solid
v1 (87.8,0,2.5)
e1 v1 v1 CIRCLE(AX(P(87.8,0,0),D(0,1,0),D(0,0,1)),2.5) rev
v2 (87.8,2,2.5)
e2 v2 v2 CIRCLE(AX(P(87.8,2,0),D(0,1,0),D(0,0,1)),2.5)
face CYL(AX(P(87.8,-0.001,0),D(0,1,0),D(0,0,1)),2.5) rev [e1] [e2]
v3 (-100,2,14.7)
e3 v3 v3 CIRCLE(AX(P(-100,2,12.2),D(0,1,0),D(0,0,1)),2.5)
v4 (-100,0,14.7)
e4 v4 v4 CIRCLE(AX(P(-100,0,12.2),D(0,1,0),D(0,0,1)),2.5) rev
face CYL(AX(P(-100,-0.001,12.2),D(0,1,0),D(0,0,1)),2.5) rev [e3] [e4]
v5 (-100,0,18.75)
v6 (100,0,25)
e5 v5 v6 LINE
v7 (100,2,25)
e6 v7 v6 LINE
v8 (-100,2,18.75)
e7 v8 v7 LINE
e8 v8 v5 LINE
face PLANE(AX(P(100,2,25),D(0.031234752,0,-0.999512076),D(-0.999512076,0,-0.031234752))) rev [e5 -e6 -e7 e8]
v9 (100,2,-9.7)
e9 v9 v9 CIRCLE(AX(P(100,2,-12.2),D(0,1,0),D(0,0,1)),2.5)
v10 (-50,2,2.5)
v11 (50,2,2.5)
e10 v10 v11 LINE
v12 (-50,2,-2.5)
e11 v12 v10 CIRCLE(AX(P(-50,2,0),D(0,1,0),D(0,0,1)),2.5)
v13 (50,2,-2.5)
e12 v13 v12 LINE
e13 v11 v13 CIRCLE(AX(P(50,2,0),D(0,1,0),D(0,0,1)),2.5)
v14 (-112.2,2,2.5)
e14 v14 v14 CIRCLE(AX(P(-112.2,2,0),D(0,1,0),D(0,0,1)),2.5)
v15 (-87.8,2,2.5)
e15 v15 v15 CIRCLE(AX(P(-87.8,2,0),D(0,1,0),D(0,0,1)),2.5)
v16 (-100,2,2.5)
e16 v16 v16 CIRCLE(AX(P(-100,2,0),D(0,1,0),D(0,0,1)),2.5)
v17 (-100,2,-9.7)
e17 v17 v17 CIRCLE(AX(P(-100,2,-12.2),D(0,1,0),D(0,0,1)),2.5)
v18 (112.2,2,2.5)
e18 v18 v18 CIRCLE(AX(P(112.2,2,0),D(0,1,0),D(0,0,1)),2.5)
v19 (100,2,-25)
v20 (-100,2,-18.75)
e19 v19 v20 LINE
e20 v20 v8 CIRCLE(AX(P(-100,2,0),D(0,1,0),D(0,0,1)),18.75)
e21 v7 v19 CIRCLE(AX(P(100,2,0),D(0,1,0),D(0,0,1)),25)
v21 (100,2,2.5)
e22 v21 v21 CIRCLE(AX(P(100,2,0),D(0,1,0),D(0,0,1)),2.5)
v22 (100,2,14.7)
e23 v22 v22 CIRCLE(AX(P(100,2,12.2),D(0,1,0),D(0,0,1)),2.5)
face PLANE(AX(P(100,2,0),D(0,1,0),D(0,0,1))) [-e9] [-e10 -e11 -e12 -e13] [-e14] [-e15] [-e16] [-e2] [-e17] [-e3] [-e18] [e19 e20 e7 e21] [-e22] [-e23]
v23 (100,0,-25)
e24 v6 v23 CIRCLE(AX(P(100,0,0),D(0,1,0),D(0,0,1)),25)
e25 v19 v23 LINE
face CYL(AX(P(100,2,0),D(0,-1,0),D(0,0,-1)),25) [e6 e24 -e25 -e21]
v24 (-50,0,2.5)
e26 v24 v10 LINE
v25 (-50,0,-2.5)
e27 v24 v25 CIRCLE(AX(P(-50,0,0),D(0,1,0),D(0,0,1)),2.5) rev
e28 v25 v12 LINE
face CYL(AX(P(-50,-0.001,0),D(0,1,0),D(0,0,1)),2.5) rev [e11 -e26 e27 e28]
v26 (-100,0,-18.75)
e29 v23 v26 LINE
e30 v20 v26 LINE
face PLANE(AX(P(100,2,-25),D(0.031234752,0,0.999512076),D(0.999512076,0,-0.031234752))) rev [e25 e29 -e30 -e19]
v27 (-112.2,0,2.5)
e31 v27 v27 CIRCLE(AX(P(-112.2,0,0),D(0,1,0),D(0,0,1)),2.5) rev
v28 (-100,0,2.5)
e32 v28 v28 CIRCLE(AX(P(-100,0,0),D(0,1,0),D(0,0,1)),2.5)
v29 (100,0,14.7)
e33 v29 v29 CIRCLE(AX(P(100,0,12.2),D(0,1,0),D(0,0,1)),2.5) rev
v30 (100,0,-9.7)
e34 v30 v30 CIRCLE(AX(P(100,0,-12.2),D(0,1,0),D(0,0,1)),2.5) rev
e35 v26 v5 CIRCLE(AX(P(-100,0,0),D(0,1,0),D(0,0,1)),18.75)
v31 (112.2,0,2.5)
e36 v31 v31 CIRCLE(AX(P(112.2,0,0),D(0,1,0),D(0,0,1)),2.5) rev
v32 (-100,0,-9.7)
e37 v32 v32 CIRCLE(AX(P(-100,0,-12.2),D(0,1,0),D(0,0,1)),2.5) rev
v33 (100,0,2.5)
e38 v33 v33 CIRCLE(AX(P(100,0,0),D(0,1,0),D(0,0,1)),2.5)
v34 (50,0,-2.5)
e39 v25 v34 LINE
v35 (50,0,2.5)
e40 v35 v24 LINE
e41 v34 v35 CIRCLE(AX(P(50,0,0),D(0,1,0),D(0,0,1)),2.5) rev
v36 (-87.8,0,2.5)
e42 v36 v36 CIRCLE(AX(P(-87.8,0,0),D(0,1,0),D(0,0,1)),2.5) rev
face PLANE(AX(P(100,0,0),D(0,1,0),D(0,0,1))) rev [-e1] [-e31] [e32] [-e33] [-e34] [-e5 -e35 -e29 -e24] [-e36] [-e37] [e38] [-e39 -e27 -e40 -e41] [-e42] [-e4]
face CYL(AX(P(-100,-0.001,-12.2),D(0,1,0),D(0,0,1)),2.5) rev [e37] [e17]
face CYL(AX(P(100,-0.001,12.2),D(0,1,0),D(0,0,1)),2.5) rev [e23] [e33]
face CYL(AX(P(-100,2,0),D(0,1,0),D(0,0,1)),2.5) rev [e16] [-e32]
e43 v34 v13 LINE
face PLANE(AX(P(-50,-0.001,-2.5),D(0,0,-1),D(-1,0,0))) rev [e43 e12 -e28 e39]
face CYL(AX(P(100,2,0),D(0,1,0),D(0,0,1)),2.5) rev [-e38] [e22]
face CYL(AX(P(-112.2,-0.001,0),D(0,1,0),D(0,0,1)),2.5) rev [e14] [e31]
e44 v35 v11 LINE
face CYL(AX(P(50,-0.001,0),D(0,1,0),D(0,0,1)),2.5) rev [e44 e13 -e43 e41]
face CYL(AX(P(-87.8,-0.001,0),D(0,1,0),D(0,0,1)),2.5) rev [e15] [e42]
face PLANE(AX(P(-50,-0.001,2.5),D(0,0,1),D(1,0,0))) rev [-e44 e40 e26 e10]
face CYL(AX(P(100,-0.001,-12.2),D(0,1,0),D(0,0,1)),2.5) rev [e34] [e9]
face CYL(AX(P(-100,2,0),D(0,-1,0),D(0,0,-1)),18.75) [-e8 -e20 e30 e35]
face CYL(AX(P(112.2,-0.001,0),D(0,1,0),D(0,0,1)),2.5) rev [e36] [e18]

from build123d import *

# Parameters (mm, degrees)
BOSS_EXTRUDE1_DEPTH       = 2
F_5_0MM_DOWEL_HOLE1_D     = 5
F_5_0MM_DOWEL_HOLE1_DEPTH = 2
CUT_EXTRUDE1_REACH        = 4
SKETCH4_R                 = 2.5
CUT_EXTRUDE2_REACH        = 4


with BuildPart() as part:
    # Sketch2 → Boss-Extrude1 (new body)
    with BuildSketch(Plane(origin=(0, 0, 0), x_dir=(1, 0, 0), z_dir=(0, 1, 0))):
        with BuildLine():
            Line((100, 25), (-100, 18.75))
            ThreePointArc((-100, 18.75), (-118.75, 0), (-100, -18.75))
            Line((-100, -18.75), (100, -25))
            ThreePointArc((100, -25), (125, 0), (100, 25))
        make_face()
    extrude(amount=BOSS_EXTRUDE1_DEPTH)

    # Ø5.0mm Dowel Hole1
    with Locations(Plane(origin=(0, 2, 0), x_dir=(1, 0, 0), z_dir=(0, 1, 0))):
        with Locations((100, 0), (-100, 0)):
            Hole(F_5_0MM_DOWEL_HOLE1_D / 2, depth=F_5_0MM_DOWEL_HOLE1_DEPTH)

    # Sketch4 → Cut-Extrude1 (cut, up to next)
    with BuildSketch(Plane(origin=(0, 2, 0), x_dir=(1, 0, 0), z_dir=(0, 1, 0)), mode=Mode.PRIVATE) as cut_extrude1_sk1:
        with Locations((100, 12.2)):
            Circle(SKETCH4_R)
    cut_extrude1_tool1 = extrude(cut_extrude1_sk1.sketch, amount=-CUT_EXTRUDE1_REACH, mode=Mode.PRIVATE) & part.part
    add(cut_extrude1_tool1.solids().sort_by_distance((100, 2, -12.2))[0], mode=Mode.SUBTRACT)
    # Sketch4 → Cut-Extrude1 (cut, up to next)
    with BuildSketch(Plane(origin=(0, 2, 0), x_dir=(1, 0, 0), z_dir=(0, 1, 0)), mode=Mode.PRIVATE) as cut_extrude1_sk2:
        with Locations((100, -12.2)):
            Circle(SKETCH4_R)
    cut_extrude1_tool2 = extrude(cut_extrude1_sk2.sketch, amount=-CUT_EXTRUDE1_REACH, mode=Mode.PRIVATE) & part.part
    add(cut_extrude1_tool2.solids().sort_by_distance((100, 2, 12.2))[0], mode=Mode.SUBTRACT)
    # Sketch4 → Cut-Extrude1 (cut, up to next)
    with BuildSketch(Plane(origin=(0, 2, 0), x_dir=(1, 0, 0), z_dir=(0, 1, 0)), mode=Mode.PRIVATE) as cut_extrude1_sk3:
        with Locations((112.2, 0)):
            Circle(SKETCH4_R)
    cut_extrude1_tool3 = extrude(cut_extrude1_sk3.sketch, amount=-CUT_EXTRUDE1_REACH, mode=Mode.PRIVATE) & part.part
    add(cut_extrude1_tool3.solids().sort_by_distance((112.2, 2, 0))[0], mode=Mode.SUBTRACT)
    # Sketch4 → Cut-Extrude1 (cut, up to next)
    with BuildSketch(Plane(origin=(0, 2, 0), x_dir=(1, 0, 0), z_dir=(0, 1, 0)), mode=Mode.PRIVATE) as cut_extrude1_sk4:
        with Locations((87.8, 0)):
            Circle(SKETCH4_R)
    cut_extrude1_tool4 = extrude(cut_extrude1_sk4.sketch, amount=-CUT_EXTRUDE1_REACH, mode=Mode.PRIVATE) & part.part
    add(cut_extrude1_tool4.solids().sort_by_distance((87.8, 2, 0))[0], mode=Mode.SUBTRACT)
    # Sketch4 → Cut-Extrude1 (cut, up to next)
    with BuildSketch(Plane(origin=(0, 2, 0), x_dir=(1, 0, 0), z_dir=(0, 1, 0)), mode=Mode.PRIVATE) as cut_extrude1_sk5:
        with Locations((-100, 12.2)):
            Circle(SKETCH4_R)
    cut_extrude1_tool5 = extrude(cut_extrude1_sk5.sketch, amount=-CUT_EXTRUDE1_REACH, mode=Mode.PRIVATE) & part.part
    add(cut_extrude1_tool5.solids().sort_by_distance((-100, 2, -12.2))[0], mode=Mode.SUBTRACT)
    # Sketch4 → Cut-Extrude1 (cut, up to next)
    with BuildSketch(Plane(origin=(0, 2, 0), x_dir=(1, 0, 0), z_dir=(0, 1, 0)), mode=Mode.PRIVATE) as cut_extrude1_sk6:
        with Locations((-87.8, 0)):
            Circle(SKETCH4_R)
    cut_extrude1_tool6 = extrude(cut_extrude1_sk6.sketch, amount=-CUT_EXTRUDE1_REACH, mode=Mode.PRIVATE) & part.part
    add(cut_extrude1_tool6.solids().sort_by_distance((-87.8, 2, 0))[0], mode=Mode.SUBTRACT)
    # Sketch4 → Cut-Extrude1 (cut, up to next)
    with BuildSketch(Plane(origin=(0, 2, 0), x_dir=(1, 0, 0), z_dir=(0, 1, 0)), mode=Mode.PRIVATE) as cut_extrude1_sk7:
        with Locations((-112.2, 0)):
            Circle(SKETCH4_R)
    cut_extrude1_tool7 = extrude(cut_extrude1_sk7.sketch, amount=-CUT_EXTRUDE1_REACH, mode=Mode.PRIVATE) & part.part
    add(cut_extrude1_tool7.solids().sort_by_distance((-112.2, 2, 0))[0], mode=Mode.SUBTRACT)
    # Sketch4 → Cut-Extrude1 (cut, up to next)
    with BuildSketch(Plane(origin=(0, 2, 0), x_dir=(1, 0, 0), z_dir=(0, 1, 0)), mode=Mode.PRIVATE) as cut_extrude1_sk8:
        with Locations((-100, -12.2)):
            Circle(SKETCH4_R)
    cut_extrude1_tool8 = extrude(cut_extrude1_sk8.sketch, amount=-CUT_EXTRUDE1_REACH, mode=Mode.PRIVATE) & part.part
    add(cut_extrude1_tool8.solids().sort_by_distance((-100, 2, 12.2))[0], mode=Mode.SUBTRACT)

    # Sketch16 → Cut-Extrude2 (cut, up to next)
    with BuildSketch(Plane(origin=(0, 2, 0), x_dir=(1, 0, 0), z_dir=(0, 1, 0)), mode=Mode.PRIVATE) as cut_extrude2_sk1:
        with BuildLine():
            Line((-50, -2.5), (50, -2.5))
            ThreePointArc((50, -2.5), (52.5, 0), (50, 2.5))
            Line((50, 2.5), (-50, 2.5))
            ThreePointArc((-50, 2.5), (-52.5, 0), (-50, -2.5))
        make_face()
    cut_extrude2_tool1 = extrude(cut_extrude2_sk1.sketch, amount=-CUT_EXTRUDE2_REACH, mode=Mode.PRIVATE) & part.part
    add(cut_extrude2_tool1.solids().sort_by_distance((0, 2, 0))[0], mode=Mode.SUBTRACT)


solid = part.part
